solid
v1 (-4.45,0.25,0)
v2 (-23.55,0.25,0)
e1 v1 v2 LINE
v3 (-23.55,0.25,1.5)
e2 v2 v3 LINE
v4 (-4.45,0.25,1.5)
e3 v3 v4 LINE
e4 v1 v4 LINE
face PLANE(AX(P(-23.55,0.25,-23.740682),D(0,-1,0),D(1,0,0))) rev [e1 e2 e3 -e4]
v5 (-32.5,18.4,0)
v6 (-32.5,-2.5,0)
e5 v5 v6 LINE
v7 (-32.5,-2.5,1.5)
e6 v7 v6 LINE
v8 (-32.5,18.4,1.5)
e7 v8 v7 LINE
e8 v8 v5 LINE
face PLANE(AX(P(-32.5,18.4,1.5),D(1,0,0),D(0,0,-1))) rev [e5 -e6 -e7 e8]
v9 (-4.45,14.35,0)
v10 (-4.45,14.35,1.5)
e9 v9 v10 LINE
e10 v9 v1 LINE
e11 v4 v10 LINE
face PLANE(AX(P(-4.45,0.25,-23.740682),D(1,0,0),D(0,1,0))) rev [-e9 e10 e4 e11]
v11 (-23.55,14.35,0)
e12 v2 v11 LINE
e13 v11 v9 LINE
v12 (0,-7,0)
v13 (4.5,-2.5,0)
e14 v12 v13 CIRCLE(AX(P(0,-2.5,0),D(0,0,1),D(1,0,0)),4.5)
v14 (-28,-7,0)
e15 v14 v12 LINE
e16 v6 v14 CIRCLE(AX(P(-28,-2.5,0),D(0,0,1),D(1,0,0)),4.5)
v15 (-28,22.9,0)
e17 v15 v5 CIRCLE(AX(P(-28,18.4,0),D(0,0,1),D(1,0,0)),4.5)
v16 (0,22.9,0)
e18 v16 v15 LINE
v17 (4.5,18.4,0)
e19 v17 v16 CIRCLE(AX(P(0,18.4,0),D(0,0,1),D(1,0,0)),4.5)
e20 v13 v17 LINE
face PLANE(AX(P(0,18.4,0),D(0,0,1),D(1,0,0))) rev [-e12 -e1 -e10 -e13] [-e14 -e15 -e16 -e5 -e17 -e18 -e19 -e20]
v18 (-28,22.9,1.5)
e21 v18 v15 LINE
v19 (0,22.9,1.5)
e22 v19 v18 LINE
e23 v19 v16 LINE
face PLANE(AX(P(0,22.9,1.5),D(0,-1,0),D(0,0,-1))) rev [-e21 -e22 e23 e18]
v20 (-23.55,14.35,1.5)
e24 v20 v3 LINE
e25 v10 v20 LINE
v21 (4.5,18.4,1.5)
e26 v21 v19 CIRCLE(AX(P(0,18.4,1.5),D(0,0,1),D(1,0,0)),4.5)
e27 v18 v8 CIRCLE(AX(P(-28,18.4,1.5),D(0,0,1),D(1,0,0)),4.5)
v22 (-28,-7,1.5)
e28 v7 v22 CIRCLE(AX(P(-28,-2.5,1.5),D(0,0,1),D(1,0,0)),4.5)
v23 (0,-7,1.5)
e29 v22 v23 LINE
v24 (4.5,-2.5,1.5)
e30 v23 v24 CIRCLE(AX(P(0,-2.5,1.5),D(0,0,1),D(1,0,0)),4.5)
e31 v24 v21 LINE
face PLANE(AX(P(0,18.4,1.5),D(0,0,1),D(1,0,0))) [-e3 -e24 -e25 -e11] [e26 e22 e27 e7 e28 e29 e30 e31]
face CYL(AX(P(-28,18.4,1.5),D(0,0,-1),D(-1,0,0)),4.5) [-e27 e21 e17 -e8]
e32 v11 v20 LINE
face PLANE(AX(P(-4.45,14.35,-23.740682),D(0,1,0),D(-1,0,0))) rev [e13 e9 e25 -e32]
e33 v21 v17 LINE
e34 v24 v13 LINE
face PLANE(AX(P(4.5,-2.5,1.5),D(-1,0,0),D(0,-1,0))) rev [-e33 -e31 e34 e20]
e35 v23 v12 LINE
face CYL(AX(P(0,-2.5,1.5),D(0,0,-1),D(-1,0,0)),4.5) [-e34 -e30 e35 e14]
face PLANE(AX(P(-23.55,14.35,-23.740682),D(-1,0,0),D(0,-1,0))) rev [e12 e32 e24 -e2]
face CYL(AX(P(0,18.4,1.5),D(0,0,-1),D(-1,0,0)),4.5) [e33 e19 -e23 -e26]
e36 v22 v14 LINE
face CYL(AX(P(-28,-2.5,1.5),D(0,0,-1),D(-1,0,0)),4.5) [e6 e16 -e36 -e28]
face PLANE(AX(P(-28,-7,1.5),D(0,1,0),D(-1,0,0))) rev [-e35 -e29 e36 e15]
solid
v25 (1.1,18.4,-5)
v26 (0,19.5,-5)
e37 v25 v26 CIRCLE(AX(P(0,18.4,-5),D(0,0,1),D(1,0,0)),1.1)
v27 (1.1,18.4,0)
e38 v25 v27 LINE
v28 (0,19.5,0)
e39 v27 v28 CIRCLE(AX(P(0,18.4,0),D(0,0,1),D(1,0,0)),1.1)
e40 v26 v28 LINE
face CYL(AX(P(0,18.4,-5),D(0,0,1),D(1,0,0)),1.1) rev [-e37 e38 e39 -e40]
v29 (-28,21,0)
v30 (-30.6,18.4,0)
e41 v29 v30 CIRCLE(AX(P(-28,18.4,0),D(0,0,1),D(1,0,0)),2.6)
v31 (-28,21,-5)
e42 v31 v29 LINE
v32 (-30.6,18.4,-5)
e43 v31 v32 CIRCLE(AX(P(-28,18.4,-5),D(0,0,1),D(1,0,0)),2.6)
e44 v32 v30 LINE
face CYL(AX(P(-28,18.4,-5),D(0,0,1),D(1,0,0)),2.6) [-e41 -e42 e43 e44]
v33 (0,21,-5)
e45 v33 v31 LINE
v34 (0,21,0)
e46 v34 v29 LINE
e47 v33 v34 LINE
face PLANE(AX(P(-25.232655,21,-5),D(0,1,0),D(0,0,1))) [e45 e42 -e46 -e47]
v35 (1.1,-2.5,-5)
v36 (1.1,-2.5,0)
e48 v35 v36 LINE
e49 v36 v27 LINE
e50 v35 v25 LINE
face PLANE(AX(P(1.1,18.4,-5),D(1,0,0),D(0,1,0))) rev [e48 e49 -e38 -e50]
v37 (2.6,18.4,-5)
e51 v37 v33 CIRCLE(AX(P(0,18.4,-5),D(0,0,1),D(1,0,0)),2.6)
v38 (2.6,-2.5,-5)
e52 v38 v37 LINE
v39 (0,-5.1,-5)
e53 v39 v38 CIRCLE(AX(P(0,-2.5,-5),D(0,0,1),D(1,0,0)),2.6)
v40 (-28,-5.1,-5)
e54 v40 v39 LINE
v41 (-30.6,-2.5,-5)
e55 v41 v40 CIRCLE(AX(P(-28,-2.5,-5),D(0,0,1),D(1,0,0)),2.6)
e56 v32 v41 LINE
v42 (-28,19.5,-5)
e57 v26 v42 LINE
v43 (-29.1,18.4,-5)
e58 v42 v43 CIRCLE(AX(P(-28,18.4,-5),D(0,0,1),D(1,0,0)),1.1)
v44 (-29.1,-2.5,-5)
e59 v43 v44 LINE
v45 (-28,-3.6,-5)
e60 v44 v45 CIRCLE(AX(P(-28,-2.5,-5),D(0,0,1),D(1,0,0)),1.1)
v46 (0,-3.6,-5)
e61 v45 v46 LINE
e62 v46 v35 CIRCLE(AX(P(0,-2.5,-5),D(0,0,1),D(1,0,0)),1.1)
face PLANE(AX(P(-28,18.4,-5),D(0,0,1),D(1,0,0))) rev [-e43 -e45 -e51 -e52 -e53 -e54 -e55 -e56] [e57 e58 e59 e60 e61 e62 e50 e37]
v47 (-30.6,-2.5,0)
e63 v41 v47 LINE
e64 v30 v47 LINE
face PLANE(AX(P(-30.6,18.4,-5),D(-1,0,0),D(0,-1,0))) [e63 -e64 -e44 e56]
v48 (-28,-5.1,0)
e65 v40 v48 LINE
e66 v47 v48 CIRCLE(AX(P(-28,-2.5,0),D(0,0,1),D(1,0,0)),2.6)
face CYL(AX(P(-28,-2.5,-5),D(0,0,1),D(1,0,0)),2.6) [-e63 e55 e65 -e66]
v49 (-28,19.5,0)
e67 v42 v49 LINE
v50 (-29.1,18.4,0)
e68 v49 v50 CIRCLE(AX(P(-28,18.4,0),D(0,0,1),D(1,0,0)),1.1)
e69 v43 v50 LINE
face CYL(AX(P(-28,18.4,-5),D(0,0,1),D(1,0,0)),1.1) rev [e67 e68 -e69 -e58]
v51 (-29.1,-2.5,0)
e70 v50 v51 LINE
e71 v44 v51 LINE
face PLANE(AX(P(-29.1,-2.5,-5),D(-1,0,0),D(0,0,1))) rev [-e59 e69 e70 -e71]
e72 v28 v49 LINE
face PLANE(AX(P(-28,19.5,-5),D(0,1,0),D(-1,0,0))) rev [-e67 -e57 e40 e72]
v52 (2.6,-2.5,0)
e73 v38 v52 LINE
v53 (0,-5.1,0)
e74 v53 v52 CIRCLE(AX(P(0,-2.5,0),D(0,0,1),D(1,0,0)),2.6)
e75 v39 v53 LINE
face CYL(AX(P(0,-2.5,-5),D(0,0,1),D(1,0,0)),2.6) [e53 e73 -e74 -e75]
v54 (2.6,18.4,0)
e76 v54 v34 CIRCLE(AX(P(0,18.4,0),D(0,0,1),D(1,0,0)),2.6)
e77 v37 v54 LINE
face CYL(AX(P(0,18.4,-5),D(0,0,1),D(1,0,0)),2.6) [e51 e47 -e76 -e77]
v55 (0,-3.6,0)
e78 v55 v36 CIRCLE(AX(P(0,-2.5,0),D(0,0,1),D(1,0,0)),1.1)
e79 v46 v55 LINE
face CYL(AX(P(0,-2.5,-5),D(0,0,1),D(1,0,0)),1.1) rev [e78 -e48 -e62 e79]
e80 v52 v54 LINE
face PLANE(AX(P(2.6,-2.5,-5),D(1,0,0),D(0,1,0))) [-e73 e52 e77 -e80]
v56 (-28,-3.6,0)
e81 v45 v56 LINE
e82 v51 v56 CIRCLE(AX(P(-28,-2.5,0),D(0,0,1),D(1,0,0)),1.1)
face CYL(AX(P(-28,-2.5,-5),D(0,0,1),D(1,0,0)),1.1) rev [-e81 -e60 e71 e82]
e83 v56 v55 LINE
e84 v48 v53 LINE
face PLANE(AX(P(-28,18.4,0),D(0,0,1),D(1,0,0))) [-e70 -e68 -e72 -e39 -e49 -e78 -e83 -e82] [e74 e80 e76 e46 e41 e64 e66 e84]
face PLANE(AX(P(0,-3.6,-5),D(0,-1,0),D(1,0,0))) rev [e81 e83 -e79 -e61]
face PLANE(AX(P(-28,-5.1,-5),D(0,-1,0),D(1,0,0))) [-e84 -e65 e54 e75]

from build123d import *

# Parameters (mm, degrees)
EXTRUDE_1_DEPTH     = 1.5
EXTRUDE_2_DEPTH     = 5
SKETCH_4_W          = 19.1
SKETCH_4_H          = 14.1
CUT_EXTRUDE_1_DEPTH = 1.5


with BuildPart() as part:
    # 草图1 → 凸台-拉伸1 (new body)
    with BuildSketch(Plane.XY):
        with BuildLine():
            Line((0, 22.9), (-28, 22.9))
            ThreePointArc((-28, 22.9), (-31.181980515, 21.581980515), (-32.5, 18.4))
            Line((-32.5, 18.4), (-32.5, -2.5))
            ThreePointArc((-32.5, -2.5), (-31.181980515, -5.681980515), (-28, -7))
            Line((-28, -7), (0, -7))
            ThreePointArc((0, -7), (3.181980515, -5.681980515), (4.5, -2.5))
            Line((4.5, -2.5), (4.5, 18.4))
            ThreePointArc((4.5, 18.4), (3.181980515, 21.581980515), (0, 22.9))
        make_face()
    extrude(amount=EXTRUDE_1_DEPTH)

    # 草图4 → 切除-拉伸1 (cut)
    with BuildSketch(Plane.XY.offset(1.5)):
        with Locations((-14, 7.3)):
            Rectangle(SKETCH_4_W, SKETCH_4_H)
    extrude(amount=-CUT_EXTRUDE_1_DEPTH, mode=Mode.SUBTRACT)


with BuildPart() as body_2:
    # 草图3 → 凸台-拉伸2 (new body)
    with BuildSketch(Plane.XY):
        with BuildLine():
            Line((-25.232655095, 21), (-3.217775858, 21))
            Line((-3.217775858, 21), (0, 21))
            ThreePointArc((0, 21), (1.838477631, 20.238477631), (2.6, 18.4))
            Line((2.6, 18.4), (2.6, -2.5))
            ThreePointArc((2.6, -2.5), (1.838477631, -4.338477631), (0, -5.1))
            Line((0, -5.1), (-28, -5.1))
            ThreePointArc((-28, -5.1), (-29.838477631, -4.338477631), (-30.6, -2.5))
            Line((-30.6, -2.5), (-30.6, 18.4))
            ThreePointArc((-30.6, 18.4), (-29.838477631, 20.238477631), (-28, 21))
            Line((-28, 21), (-25.232655095, 21))
        make_face()
        with BuildLine():
            Line((-25.232655095, 19.5), (-3.217775858, 19.5))
            Line((-3.217775858, 19.5), (0, 19.5))
            ThreePointArc((0, 19.5), (0.777817459, 19.177817459), (1.1, 18.4))
            Line((1.1, 18.4), (1.1, -2.5))
            ThreePointArc((1.1, -2.5), (0.777817459, -3.277817459), (0, -3.6))
            Line((0, -3.6), (-28, -3.6))
            ThreePointArc((-28, -3.6), (-28.777817459, -3.277817459), (-29.1, -2.5))
            Line((-29.1, -2.5), (-29.1, 18.4))
            ThreePointArc((-29.1, 18.4), (-28.777817459, 19.177817459), (-28, 19.5))
            Line((-28, 19.5), (-25.232655095, 19.5))
        make_face(mode=Mode.SUBTRACT)
    extrude(amount=-EXTRUDE_2_DEPTH)


solid = Compound([part.part, body_2.part])
